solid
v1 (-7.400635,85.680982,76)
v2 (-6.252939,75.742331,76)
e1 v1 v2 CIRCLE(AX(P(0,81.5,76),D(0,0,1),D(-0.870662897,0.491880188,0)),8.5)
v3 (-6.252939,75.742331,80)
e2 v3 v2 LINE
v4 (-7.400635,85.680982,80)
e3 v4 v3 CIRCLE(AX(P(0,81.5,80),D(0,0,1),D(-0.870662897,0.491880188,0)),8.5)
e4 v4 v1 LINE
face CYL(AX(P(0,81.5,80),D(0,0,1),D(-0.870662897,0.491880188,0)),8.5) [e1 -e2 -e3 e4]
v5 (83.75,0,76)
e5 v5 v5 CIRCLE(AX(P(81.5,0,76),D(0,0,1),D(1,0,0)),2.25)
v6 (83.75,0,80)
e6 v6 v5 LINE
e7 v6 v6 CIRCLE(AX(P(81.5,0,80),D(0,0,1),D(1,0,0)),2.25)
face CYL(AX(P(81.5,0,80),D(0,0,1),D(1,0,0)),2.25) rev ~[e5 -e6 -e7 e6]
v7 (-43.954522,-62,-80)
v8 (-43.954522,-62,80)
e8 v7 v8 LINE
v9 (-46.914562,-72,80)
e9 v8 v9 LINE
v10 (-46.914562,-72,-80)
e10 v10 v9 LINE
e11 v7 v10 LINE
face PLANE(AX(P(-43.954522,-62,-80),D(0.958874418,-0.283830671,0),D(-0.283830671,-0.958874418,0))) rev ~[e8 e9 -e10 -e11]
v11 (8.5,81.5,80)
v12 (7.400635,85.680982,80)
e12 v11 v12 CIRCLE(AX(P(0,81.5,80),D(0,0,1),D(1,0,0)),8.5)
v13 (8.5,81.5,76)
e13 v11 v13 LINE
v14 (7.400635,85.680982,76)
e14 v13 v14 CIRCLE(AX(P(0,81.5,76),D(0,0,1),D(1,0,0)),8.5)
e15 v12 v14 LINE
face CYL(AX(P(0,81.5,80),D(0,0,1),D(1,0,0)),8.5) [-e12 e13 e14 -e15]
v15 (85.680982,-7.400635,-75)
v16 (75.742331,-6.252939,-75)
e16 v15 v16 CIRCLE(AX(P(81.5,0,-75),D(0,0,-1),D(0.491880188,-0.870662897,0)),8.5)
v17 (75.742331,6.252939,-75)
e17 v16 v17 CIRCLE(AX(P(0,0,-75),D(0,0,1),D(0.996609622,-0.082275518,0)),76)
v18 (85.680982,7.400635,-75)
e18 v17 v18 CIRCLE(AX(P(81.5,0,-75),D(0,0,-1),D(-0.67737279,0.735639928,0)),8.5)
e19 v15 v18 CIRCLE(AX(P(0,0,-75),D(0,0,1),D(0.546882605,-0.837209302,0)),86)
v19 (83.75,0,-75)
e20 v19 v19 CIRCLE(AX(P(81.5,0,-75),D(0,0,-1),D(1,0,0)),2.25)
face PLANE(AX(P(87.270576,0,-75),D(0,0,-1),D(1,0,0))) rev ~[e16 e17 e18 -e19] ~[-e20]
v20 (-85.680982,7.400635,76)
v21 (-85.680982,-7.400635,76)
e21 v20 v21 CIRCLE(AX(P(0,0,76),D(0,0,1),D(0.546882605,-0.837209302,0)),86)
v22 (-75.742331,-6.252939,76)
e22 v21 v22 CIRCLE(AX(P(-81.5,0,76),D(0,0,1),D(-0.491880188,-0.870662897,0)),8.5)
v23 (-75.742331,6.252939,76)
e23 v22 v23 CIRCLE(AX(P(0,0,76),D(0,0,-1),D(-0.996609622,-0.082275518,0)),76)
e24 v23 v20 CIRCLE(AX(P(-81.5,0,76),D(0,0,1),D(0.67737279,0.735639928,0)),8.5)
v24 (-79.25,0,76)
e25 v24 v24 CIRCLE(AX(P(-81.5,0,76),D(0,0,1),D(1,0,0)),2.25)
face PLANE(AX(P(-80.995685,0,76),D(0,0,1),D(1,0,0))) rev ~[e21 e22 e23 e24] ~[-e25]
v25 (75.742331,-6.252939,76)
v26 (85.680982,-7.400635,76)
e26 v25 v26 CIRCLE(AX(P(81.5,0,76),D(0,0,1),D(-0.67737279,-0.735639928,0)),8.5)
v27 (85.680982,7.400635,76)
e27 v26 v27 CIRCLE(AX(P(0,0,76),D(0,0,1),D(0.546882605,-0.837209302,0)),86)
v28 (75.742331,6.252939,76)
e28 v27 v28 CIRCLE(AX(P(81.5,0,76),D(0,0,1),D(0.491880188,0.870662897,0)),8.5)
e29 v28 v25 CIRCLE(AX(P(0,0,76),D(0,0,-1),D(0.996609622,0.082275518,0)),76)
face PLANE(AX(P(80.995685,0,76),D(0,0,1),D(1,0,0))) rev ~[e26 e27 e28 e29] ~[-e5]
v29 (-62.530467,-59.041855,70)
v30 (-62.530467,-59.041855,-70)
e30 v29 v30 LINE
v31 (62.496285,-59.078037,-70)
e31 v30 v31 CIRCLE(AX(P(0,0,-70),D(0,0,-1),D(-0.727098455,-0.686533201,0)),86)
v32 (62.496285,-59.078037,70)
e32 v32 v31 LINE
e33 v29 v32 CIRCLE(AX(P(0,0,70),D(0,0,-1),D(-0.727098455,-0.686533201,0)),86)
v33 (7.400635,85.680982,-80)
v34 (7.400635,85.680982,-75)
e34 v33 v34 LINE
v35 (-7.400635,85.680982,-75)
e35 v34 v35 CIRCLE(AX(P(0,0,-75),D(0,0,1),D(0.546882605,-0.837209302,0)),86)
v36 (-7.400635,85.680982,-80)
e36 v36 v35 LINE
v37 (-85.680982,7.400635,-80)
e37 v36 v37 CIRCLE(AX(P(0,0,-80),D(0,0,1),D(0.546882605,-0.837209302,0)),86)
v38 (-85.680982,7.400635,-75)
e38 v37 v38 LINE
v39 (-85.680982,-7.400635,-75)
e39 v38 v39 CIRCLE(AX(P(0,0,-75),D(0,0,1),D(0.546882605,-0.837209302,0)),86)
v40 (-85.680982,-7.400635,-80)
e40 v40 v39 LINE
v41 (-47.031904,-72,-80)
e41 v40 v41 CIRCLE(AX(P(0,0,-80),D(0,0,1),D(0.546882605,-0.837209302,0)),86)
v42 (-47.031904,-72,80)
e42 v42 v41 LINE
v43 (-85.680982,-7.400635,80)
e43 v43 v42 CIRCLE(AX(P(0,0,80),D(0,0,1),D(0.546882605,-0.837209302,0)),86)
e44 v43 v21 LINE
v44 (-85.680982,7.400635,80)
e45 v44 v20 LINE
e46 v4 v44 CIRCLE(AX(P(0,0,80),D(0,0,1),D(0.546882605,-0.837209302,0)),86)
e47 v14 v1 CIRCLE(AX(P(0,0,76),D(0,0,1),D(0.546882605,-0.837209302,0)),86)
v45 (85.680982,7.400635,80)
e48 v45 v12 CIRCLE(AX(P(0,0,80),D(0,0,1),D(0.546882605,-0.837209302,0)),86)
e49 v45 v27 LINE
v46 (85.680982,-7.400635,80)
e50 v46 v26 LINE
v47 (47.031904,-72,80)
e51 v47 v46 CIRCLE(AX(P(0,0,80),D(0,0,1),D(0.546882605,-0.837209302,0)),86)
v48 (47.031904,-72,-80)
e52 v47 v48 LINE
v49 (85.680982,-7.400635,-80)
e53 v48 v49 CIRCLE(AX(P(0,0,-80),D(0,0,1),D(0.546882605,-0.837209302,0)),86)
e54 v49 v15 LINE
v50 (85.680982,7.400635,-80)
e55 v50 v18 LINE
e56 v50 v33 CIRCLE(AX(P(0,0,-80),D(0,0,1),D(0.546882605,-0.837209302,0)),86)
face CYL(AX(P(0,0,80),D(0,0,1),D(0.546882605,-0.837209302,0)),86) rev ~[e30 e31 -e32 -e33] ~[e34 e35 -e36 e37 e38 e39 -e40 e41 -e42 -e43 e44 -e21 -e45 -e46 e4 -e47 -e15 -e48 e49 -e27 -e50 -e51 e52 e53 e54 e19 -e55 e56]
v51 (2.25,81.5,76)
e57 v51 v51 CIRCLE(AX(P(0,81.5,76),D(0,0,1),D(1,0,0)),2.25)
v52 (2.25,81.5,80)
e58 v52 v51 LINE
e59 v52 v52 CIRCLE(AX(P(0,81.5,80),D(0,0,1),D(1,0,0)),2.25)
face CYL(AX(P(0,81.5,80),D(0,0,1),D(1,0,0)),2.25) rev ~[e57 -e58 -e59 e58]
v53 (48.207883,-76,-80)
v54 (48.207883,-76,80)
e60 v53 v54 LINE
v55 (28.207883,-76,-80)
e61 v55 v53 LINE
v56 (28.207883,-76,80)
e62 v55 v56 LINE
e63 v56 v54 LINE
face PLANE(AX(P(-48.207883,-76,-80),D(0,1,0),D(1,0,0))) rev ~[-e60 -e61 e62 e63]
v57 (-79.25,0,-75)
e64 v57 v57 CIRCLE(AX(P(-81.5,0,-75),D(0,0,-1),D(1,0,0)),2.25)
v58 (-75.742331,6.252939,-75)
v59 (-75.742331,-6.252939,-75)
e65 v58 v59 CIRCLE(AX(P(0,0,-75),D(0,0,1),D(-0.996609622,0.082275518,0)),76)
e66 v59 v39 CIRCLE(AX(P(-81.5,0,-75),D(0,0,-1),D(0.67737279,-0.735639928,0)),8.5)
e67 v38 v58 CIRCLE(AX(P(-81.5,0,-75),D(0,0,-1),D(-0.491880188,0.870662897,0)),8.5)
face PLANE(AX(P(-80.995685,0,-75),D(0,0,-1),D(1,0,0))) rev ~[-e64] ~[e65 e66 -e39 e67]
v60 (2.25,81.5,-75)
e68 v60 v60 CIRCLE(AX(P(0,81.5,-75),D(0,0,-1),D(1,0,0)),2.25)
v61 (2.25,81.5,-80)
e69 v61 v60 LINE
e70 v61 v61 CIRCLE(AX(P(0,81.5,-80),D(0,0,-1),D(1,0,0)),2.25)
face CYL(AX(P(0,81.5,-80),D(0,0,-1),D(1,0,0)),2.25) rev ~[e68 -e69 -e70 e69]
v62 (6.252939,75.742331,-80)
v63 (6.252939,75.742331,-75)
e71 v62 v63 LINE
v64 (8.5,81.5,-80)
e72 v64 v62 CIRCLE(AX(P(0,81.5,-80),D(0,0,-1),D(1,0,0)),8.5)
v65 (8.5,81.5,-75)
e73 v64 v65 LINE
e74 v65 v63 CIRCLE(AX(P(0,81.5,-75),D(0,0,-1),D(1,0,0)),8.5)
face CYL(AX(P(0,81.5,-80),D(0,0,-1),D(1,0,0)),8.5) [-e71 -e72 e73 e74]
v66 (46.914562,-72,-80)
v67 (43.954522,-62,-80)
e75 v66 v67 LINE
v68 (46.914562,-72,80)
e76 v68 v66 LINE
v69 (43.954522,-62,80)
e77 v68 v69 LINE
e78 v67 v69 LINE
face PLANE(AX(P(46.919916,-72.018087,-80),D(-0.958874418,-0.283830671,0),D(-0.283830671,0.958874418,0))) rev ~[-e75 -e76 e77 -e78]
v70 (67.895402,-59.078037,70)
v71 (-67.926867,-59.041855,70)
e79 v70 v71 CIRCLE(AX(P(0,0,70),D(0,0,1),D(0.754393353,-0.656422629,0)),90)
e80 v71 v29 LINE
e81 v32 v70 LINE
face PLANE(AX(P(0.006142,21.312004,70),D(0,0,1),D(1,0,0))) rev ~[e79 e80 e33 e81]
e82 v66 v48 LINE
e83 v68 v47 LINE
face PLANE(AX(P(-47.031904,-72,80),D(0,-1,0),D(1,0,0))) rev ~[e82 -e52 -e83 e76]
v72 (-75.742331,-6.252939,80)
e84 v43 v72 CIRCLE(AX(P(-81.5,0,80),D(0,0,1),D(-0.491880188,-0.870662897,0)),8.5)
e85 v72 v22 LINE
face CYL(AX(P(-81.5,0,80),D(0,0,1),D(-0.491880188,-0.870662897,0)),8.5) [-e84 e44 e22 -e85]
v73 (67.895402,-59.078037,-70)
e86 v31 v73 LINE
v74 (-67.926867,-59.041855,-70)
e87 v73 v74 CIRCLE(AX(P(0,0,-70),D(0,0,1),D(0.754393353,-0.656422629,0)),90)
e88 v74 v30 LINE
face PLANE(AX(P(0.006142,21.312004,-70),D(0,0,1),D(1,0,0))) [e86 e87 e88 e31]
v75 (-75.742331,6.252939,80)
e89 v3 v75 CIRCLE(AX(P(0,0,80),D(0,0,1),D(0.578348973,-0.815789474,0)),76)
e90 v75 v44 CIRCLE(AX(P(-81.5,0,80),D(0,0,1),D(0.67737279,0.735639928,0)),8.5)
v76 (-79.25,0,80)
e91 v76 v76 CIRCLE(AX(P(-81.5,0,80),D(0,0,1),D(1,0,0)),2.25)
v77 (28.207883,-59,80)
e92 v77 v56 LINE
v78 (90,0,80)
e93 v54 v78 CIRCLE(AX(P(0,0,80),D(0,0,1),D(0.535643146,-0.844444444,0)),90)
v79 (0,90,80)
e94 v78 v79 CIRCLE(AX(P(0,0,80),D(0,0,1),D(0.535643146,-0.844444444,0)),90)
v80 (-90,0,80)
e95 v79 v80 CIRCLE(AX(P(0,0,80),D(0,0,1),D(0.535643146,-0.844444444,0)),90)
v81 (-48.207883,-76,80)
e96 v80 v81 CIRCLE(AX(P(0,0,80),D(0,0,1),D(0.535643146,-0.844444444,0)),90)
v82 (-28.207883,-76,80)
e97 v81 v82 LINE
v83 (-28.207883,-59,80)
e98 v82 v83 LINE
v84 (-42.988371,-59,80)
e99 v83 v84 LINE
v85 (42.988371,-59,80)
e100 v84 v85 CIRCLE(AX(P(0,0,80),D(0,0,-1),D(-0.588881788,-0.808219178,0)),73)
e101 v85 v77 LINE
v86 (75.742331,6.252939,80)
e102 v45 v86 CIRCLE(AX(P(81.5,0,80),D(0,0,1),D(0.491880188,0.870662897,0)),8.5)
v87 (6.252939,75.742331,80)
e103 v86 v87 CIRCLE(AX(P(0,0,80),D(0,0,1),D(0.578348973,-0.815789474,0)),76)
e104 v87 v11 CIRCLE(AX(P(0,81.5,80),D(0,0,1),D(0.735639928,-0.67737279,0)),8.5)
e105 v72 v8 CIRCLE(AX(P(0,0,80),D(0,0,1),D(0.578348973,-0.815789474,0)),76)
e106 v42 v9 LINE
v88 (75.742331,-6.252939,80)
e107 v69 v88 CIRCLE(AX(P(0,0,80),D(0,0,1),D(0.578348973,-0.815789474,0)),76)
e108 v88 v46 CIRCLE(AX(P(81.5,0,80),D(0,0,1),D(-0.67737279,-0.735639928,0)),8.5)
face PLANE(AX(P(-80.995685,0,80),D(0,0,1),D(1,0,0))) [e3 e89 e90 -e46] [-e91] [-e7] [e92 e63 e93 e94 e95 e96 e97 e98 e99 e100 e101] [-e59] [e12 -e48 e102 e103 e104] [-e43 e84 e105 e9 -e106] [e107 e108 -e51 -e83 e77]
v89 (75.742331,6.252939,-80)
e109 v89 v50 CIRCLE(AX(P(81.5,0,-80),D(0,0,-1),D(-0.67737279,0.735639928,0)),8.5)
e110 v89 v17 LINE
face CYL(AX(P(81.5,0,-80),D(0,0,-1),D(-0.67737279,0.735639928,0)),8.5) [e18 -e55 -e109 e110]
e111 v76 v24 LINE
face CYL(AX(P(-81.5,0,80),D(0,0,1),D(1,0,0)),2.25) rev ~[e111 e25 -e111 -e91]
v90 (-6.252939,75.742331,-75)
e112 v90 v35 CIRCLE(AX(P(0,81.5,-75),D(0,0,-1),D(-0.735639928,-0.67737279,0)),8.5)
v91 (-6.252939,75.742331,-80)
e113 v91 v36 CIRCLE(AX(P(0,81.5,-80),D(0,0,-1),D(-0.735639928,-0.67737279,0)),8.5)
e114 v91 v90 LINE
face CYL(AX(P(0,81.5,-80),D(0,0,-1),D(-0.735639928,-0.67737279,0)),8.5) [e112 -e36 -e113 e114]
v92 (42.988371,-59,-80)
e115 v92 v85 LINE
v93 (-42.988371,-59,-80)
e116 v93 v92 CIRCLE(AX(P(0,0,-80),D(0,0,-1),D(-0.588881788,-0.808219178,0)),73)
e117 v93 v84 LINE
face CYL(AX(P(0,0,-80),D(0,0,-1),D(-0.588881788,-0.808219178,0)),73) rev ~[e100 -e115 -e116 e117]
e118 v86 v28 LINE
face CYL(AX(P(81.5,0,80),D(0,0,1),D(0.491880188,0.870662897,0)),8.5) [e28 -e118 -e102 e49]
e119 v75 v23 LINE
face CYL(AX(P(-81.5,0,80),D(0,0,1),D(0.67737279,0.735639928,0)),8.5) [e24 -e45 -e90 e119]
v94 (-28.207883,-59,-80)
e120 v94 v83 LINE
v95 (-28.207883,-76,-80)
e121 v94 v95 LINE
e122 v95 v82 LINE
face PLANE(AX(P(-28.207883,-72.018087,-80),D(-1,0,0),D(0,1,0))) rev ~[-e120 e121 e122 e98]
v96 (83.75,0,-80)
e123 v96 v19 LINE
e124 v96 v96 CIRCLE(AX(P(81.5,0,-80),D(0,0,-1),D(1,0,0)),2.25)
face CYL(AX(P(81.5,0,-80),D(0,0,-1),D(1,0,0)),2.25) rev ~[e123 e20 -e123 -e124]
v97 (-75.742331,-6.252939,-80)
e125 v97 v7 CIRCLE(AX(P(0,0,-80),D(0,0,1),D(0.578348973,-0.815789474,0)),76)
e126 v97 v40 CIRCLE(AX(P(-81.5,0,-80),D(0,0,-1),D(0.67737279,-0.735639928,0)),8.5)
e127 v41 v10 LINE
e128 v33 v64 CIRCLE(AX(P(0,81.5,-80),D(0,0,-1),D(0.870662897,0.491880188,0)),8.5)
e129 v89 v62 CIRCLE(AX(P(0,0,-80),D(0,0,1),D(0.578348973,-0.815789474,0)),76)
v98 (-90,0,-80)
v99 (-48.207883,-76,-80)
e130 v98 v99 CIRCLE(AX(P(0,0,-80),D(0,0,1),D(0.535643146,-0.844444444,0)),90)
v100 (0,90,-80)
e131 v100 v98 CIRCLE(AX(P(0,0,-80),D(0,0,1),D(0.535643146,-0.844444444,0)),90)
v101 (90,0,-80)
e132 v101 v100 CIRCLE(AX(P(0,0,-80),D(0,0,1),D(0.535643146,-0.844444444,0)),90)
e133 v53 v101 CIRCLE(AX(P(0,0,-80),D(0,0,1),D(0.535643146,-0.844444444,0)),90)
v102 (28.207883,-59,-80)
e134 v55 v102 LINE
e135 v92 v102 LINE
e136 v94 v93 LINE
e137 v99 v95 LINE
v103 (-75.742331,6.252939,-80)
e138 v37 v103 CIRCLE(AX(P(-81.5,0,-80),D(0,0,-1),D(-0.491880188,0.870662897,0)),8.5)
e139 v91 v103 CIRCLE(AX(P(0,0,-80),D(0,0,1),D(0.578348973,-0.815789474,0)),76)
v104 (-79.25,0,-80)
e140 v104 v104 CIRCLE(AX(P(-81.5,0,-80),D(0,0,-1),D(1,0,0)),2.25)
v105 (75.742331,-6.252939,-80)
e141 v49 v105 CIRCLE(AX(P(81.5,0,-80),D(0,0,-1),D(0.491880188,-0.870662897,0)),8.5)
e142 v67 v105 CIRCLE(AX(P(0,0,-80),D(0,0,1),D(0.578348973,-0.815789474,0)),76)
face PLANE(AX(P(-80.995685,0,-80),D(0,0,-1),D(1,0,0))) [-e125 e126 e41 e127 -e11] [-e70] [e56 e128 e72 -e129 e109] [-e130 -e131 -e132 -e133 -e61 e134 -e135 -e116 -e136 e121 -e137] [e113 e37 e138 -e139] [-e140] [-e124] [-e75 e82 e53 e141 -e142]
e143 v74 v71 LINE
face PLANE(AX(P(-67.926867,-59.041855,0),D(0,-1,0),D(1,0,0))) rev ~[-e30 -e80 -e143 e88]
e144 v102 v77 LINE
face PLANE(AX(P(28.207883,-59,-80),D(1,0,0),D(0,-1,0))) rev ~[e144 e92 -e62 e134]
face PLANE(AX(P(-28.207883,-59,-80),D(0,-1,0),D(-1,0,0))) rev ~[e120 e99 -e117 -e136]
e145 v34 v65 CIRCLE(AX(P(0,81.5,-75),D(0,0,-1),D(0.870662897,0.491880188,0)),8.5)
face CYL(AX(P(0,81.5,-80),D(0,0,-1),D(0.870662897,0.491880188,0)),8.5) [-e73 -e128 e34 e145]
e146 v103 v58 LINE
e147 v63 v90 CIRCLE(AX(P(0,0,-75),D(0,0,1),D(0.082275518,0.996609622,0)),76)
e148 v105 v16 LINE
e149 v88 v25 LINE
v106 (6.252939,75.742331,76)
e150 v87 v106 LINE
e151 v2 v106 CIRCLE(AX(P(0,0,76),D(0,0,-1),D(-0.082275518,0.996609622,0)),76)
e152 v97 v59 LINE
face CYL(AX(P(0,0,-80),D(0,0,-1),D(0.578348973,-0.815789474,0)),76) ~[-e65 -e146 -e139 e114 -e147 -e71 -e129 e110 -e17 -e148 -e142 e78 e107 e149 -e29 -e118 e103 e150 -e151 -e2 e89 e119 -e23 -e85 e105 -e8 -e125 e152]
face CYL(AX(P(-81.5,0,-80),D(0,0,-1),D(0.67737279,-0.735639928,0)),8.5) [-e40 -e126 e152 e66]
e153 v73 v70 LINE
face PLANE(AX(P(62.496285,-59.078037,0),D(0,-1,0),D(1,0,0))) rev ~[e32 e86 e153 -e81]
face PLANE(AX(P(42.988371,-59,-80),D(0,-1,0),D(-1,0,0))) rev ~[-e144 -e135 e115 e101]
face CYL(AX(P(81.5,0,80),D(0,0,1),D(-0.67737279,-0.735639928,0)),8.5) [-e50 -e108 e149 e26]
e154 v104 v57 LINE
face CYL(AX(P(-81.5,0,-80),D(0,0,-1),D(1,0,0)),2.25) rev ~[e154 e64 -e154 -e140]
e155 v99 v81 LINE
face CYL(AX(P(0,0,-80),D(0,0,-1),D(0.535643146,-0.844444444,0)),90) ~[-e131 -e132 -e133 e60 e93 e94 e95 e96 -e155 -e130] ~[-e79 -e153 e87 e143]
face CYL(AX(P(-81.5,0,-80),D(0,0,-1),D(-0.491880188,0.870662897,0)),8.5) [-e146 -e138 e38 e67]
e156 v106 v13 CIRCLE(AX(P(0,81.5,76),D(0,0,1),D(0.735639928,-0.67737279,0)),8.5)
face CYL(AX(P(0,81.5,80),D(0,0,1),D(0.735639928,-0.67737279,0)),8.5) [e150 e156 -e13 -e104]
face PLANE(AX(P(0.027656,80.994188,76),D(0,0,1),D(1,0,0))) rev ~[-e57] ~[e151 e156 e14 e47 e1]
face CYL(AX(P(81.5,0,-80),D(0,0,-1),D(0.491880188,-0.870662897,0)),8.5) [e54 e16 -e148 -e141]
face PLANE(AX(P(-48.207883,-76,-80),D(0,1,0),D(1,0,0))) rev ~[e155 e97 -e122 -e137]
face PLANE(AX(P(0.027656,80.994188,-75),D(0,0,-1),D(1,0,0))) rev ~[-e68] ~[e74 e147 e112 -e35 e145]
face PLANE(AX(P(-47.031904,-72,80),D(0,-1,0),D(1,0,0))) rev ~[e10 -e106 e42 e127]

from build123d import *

# Parameters (mm, degrees)
F1_DEPTH  = 160
F3_DEPTH  = 160
F4_W      = 56.4157663456
F4_H      = 160
F5_DEPTH  = 4
F7_DEPTH  = 160
F10_DEPTH = 70
F11_R     = 2.25
F12_DEPTH = 4
F13_R     = 2.25
F14_DEPTH = 5


with BuildPart() as f1:
    # F0 (on Top) → F1 (new body)
    with BuildSketch(Plane.XY):
        with BuildLine():
            Line((-48.2078831728, -76), (48.2078831728, -76))
            ThreePointArc((48.2078831728, -76), (0, 90), (-48.2078831728, -76))
        make_face()
    extrude(amount=F1_DEPTH)

    # F2 (on face) → F3 (cut, through all)
    with BuildSketch(Plane.XY.offset(160)):
        with BuildLine():
            Line((-47.0319040652, -72), (47.0319040652, -72))
            ThreePointArc((47.0319040652, -72), (0, 86), (-47.0319040652, -72))
        make_face()
    extrude(amount=-F3_DEPTH, mode=Mode.SUBTRACT)

    # F4 (on face) → F5 (cut, through all)
    with BuildSketch(Plane.XZ.offset(76)):
        with Locations((0, 80)):
            Rectangle(F4_W, F4_H)
    extrude(amount=-F5_DEPTH, mode=Mode.SUBTRACT)

    # F6 (on Top) → F7 (join)
    with BuildSketch(Plane.XY):
        with BuildLine():
            ThreePointArc((43.9545219517, -62), (0, 76), (-43.9545219517, -62))
            Line((-43.9545219517, -62), (-28.2078831728, -62))
            Line((-28.2078831728, -62), (-28.2078831728, -59))
            Line((-28.2078831728, -59), (-42.9883705204, -59))
            ThreePointArc((-42.9883705204, -59), (0, 73), (42.9883705204, -59))
            Line((42.9883705204, -59), (28.2078831728, -59))
            Line((28.2078831728, -59), (28.2078831728, -62))
            Line((28.2078831728, -62), (43.9545219517, -62))
        make_face()
        Polygon((-28.2078831728, -62), (-43.9545219517, -62), (-46.9199158251, -72.0180869102), (-28.2078831728, -72.0180869102), align=None)
        Polygon((46.9199158251, -72.0180869102), (43.9545219517, -62), (28.2078831728, -62), (28.2078831728, -72.0180869102), align=None)
    extrude(amount=F7_DEPTH)


with BuildPart() as f1_1:
    # F8: moved
    add(f1.part.moved(Location((0, 0, -80))))

    # F9 (on Top) → F10 (cut, symmetric)
    with BuildSketch(Plane.XY):
        with BuildLine():
            Line((62.496284582, -59.0780366418), (67.8954018071, -59.0780366418))
            ThreePointArc((67.8954018071, -59.0780366418), (0.0239748666, 89.9999968067), (-67.9268674599, -59.0418552984))
            Line((-67.9268674599, -59.0418552984), (-62.5304671574, -59.0418552984))
            ThreePointArc((-62.5304671574, -59.0418552984), (0.0248874369, 85.9999963989), (62.496284582, -59.0780366418))
        make_face()
    extrude(amount=F10_DEPTH, both=True, mode=Mode.SUBTRACT)

    # F11 (on face) → F12 (join)
    with BuildSketch(Plane.XY.offset(80)):
        with BuildLine():
            ThreePointArc((-75.7423312883, 6.2529393893), (-80.5249171029, 8.4438861518), (-85.6809815951, 7.4006346283))
            ThreePointArc((-85.6809815951, 7.4006346283), (-86, 0), (-85.6809815951, -7.4006346283))
            ThreePointArc((-85.6809815951, -7.4006346283), (-80.5249171029, -8.4438861518), (-75.7423312883, -6.2529393893))
            ThreePointArc((-75.7423312883, -6.2529393893), (-76, 0), (-75.7423312883, 6.2529393893))
        make_face()
        with Locations((-81.5, 0)):
            Circle(F11_R, mode=Mode.SUBTRACT)
        with BuildLine():
            ThreePointArc((6.2529393893, 75.7423312883), (7.9183326783, 78.409691343), (8.5, 81.5))
            ThreePointArc((8.5, 81.5), (8.2205655019, 83.6615510241), (7.4006346283, 85.6809815951))
            ThreePointArc((7.4006346283, 85.6809815951), (0, 86), (-7.4006346283, 85.6809815951))
            ThreePointArc((-7.4006346283, 85.6809815951), (-8.4438861518, 80.5249171029), (-6.2529393893, 75.7423312883))
            ThreePointArc((-6.2529393893, 75.7423312883), (0, 76), (6.2529393893, 75.7423312883))
        make_face()
        with Locations((0, 81.5)):
            Circle(F11_R, mode=Mode.SUBTRACT)
        with BuildLine():
            ThreePointArc((85.6809815951, -7.4006346283), (86, 0), (85.6809815951, 7.4006346283))
            ThreePointArc((85.6809815951, 7.4006346283), (80.5249171029, 8.4438861518), (75.7423312883, 6.2529393893))
            ThreePointArc((75.7423312883, 6.2529393893), (76, 0), (75.7423312883, -6.2529393893))
            ThreePointArc((75.7423312883, -6.2529393893), (80.5249171029, -8.4438861518), (85.6809815951, -7.4006346283))
        make_face()
        with Locations((81.5, 0)):
            Circle(F11_R, mode=Mode.SUBTRACT)
        with BuildLine():
            ThreePointArc((90, 0), (88.8412649986, 4.2843702245), (85.6809815951, 7.4006346283))
            ThreePointArc((85.6809815951, 7.4006346283), (86, 0), (85.6809815951, -7.4006346283))
            ThreePointArc((85.6809815951, -7.4006346283), (88.8412649986, -4.2843702245), (90, 0))
        make_face()
        with BuildLine():
            ThreePointArc((-7.4006346283, 85.6809815951), (0, 86), (7.4006346283, 85.6809815951))
            ThreePointArc((7.4006346283, 85.6809815951), (4.2843702226, 88.8412649997), (-4.4e-09, 90))
            ThreePointArc((-4.4e-09, 90), (-4.2843702264, 88.8412649975), (-7.4006346283, 85.6809815951))
        make_face()
        with BuildLine():
            ThreePointArc((-85.6809815951, 7.4006346283), (-88.8412649971, 4.284370227), (-90, 5.8e-09))
            ThreePointArc((-90, 5.8e-09), (-88.841265, -4.284370222), (-85.6809815951, -7.4006346283))
            ThreePointArc((-85.6809815951, -7.4006346283), (-86, 0), (-85.6809815951, 7.4006346283))
        make_face()
    extrude(amount=-F12_DEPTH)

    # F13 (on face) → F14 (join)
    with BuildSketch(Plane(origin=(0, 0, -80), x_dir=(1, 0, 0), z_dir=(0, 0, -1))):
        with BuildLine():
            ThreePointArc((-75.7423312883, -6.2529393893), (-76, 0), (-75.7423312883, 6.2529393893))
            ThreePointArc((-75.7423312883, 6.2529393893), (-80.5249171029, 8.4438861518), (-85.6809815951, 7.4006346283))
            ThreePointArc((-85.6809815951, 7.4006346283), (-86, 0), (-85.6809815951, -7.4006346283))
            ThreePointArc((-85.6809815951, -7.4006346283), (-80.5249171029, -8.4438861518), (-75.7423312883, -6.2529393893))
        make_face()
        with Locations((-81.5, 0)):
            Circle(F13_R, mode=Mode.SUBTRACT)
        with BuildLine():
            ThreePointArc((-85.6809815951, -7.4006346283), (-86, 0), (-85.6809815951, 7.4006346283))
            ThreePointArc((-85.6809815951, 7.4006346283), (-88.8412649692, 4.2843702749), (-90, 1.165e-07))
            ThreePointArc((-90, 1.165e-07), (-88.8412650279, -4.2843701742), (-85.6809815951, -7.4006346283))
        make_face()
        with BuildLine():
            ThreePointArc((85.6809815951, 7.4006346283), (86, 0), (85.6809815951, -7.4006346283))
            ThreePointArc((85.6809815951, -7.4006346283), (88.8412649986, -4.2843702245), (90, 0))
            ThreePointArc((90, 0), (88.8412649986, 4.2843702245), (85.6809815951, 7.4006346283))
        make_face()
        with BuildLine():
            ThreePointArc((75.7423312883, 6.2529393893), (76, 0), (75.7423312883, -6.2529393893))
            ThreePointArc((75.7423312883, -6.2529393893), (80.5249171029, -8.4438861518), (85.6809815951, -7.4006346283))
            ThreePointArc((85.6809815951, -7.4006346283), (86, 0), (85.6809815951, 7.4006346283))
            ThreePointArc((85.6809815951, 7.4006346283), (80.5249171029, 8.4438861518), (75.7423312883, 6.2529393893))
        make_face()
        with Locations((81.5, 0)):
            Circle(F13_R, mode=Mode.SUBTRACT)
        with BuildLine():
            ThreePointArc((6.2529393893, -75.7423312883), (0, -76), (-6.2529393893, -75.7423312883))
            ThreePointArc((-6.2529393893, -75.7423312883), (-8.4438861518, -80.5249171029), (-7.4006346283, -85.6809815951))
            ThreePointArc((-7.4006346283, -85.6809815951), (0, -86), (7.4006346283, -85.6809815951))
            ThreePointArc((7.4006346283, -85.6809815951), (8.2205655019, -83.6615510241), (8.5, -81.5))
            ThreePointArc((8.5, -81.5), (7.9183326783, -78.409691343), (6.2529393893, -75.7423312883))
        make_face()
        with Locations((0, -81.5)):
            Circle(F13_R, mode=Mode.SUBTRACT)
        with BuildLine():
            ThreePointArc((7.4006346283, -85.6809815951), (0, -86), (-7.4006346283, -85.6809815951))
            ThreePointArc((-7.4006346283, -85.6809815951), (-4.2843702239, -88.8412649989), (1.4e-09, -90))
            ThreePointArc((1.4e-09, -90), (4.2843702252, -88.8412649982), (7.4006346283, -85.6809815951))
        make_face()
    extrude(amount=-F14_DEPTH)


solid = f1_1.part
